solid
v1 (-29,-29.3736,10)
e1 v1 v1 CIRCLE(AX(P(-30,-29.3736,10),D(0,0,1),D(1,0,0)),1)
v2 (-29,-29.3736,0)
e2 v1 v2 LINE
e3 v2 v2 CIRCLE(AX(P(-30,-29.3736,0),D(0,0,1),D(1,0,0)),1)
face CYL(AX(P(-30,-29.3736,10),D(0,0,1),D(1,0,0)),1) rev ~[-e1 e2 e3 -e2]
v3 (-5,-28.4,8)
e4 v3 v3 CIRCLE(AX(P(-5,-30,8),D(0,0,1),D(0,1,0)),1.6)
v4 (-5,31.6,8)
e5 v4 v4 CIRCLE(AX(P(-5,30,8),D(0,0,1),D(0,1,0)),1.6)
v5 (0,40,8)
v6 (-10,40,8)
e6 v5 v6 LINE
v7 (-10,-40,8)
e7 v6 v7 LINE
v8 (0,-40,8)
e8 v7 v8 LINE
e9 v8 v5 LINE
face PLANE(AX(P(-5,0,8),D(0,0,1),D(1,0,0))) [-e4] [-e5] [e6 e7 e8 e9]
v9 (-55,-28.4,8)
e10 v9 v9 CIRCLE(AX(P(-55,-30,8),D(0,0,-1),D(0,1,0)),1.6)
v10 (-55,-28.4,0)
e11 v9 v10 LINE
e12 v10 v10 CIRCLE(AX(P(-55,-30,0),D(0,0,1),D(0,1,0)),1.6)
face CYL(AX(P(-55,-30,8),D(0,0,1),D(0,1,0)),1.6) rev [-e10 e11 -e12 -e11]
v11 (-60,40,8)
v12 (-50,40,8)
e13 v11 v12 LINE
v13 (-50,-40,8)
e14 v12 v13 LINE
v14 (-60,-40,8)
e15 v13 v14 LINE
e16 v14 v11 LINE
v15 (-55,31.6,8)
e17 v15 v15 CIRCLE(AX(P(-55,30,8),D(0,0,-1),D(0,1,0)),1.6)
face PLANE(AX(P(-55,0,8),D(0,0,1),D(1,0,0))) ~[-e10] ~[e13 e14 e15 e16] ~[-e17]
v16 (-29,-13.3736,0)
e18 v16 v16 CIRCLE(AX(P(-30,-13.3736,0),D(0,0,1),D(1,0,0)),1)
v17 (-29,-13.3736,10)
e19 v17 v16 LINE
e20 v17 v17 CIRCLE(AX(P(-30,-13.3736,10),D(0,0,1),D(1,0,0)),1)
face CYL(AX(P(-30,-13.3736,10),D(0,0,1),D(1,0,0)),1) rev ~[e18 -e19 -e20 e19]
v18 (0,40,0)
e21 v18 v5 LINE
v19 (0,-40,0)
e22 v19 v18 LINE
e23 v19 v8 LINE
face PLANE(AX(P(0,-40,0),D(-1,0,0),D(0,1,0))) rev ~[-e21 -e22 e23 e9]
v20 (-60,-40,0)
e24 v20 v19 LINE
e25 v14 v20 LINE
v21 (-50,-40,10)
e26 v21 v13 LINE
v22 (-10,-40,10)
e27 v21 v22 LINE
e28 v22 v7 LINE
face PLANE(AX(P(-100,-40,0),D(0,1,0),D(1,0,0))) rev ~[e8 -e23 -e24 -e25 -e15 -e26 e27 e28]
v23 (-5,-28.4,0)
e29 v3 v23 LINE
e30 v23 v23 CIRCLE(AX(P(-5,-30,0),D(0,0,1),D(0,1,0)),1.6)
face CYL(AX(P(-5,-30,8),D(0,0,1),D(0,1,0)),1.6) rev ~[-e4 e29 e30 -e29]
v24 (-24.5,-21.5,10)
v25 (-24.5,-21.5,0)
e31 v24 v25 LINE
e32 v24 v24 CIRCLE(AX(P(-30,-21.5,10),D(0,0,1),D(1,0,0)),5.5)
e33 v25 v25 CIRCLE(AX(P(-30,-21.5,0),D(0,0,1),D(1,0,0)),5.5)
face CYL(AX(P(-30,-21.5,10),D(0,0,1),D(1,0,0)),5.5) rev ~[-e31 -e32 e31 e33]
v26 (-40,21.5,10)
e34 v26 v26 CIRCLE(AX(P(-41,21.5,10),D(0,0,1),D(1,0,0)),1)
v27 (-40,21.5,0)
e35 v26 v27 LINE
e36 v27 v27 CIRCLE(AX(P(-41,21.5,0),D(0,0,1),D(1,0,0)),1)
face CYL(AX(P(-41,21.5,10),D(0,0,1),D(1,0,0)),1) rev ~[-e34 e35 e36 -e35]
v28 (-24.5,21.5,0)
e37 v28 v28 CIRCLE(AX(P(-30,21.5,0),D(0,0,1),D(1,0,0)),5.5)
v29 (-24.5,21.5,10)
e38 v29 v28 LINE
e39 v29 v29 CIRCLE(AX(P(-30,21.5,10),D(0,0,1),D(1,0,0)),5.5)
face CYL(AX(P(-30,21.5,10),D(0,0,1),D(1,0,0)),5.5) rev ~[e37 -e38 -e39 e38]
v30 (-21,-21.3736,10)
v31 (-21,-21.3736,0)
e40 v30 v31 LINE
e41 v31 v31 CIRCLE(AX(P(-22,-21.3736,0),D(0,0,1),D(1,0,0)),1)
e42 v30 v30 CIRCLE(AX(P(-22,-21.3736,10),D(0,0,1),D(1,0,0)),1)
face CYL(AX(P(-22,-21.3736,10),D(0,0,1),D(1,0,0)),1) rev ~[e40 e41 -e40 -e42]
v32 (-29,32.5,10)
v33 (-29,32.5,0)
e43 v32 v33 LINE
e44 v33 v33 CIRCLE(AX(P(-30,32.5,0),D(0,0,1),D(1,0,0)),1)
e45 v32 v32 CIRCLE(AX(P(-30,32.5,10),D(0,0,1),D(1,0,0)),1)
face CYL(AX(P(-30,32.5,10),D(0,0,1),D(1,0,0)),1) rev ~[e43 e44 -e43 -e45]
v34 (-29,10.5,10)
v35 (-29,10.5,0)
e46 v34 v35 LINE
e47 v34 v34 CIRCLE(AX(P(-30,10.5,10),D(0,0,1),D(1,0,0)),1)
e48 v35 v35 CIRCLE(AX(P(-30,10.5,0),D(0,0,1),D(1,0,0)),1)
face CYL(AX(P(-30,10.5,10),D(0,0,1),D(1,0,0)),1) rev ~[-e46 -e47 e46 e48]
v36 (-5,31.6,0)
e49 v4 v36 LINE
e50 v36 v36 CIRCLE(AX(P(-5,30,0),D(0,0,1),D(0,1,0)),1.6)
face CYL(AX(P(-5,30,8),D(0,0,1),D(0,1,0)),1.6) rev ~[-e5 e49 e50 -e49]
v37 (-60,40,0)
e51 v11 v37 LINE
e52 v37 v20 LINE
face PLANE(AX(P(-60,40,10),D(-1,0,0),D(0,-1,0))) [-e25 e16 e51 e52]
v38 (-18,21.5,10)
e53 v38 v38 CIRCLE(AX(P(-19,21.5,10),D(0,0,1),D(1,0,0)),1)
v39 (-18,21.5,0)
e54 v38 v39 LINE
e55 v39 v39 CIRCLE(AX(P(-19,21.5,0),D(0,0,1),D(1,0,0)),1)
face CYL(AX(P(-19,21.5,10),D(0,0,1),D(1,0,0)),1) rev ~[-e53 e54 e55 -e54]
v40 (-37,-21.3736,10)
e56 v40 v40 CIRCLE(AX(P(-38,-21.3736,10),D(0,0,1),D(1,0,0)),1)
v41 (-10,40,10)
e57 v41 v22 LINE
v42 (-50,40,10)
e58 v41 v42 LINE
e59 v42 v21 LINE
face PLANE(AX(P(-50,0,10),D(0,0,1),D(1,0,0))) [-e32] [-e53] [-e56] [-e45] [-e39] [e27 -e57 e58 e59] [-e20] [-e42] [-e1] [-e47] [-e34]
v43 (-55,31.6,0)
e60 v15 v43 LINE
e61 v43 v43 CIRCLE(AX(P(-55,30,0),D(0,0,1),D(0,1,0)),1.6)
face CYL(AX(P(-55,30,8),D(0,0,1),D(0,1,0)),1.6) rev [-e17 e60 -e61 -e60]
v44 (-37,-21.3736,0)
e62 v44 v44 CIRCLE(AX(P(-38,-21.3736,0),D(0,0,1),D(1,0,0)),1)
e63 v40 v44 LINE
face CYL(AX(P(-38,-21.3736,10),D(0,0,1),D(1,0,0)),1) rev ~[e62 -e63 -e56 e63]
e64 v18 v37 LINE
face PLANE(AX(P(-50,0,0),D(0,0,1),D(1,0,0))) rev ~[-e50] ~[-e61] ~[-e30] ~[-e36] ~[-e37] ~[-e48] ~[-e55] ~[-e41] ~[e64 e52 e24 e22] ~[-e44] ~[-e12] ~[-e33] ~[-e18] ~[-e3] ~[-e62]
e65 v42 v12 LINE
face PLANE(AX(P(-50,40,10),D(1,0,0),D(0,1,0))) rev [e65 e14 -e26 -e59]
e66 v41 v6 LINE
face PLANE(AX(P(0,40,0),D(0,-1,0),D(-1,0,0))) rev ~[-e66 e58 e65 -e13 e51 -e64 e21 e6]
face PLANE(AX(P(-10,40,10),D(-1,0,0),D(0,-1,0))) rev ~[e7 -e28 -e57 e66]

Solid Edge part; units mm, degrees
sketch "Sketch1" plane through (0, 0, 0) normal (0, 0, 1) x (1, 0, 0)
  line L0 (0, 40) -> (-100, 40)
  line L1 (-100, 40) -> (-100, -40)
  line L2 (-100, -40) -> (0, -40)
  line L3 (0, -40) -> (0, 40)
  dimension "D1" = 80
  dimension "D2" = 100
extrude "Protrusion1" add sketch "Sketch1" along normal blind 10
sketch "Sketch2" plane through (-30, 0, 10) normal (0, 0, 1) x (1, 0, 0)
  circle A0 centre (0, 21.5) radius 5.5
  circle A1 centre (0, -21.5) radius 5.5
  dimension "D1" = 43
  dimension "D2" = 11
  dimension "D3" = 11
  dimension "D4" = 30
extrude "Cutout1" cut sketch "Sketch2" against normal through all
sketch "Sketch3" plane through (-40, 0, 10) normal (0, 0, 1) x (1, 0, 0)
  circle A0 centre (10, 32.5) radius 1
  circle A1 centre (-1, 21.5) radius 1
  circle A2 centre (10, 10.5) radius 1
  circle A3 centre (21, 21.5) radius 1
  dimension "D1" = 22
extrude "Cutout2" cut sketch "Sketch3" against normal through all
sketch "Sketch4" plane through (-40, 0, 10) normal (0, 0, 1) x (1, 0, 0)
  circle A0 centre (2, -21.3736) radius 1
  circle A1 centre (10, -13.3736) radius 1
  circle A2 centre (18, -21.3736) radius 1
  circle A3 centre (10, -29.3736) radius 1
  dimension "D1" = 2
  dimension "D2" = 16
extrude "Cutout3" cut sketch "Sketch4" against normal through all
sketch "Sketch5" plane through (-40, 0, 10) normal (0, 0, 1) x (1, 0, 0)
  line L0 (40, 40) -> (30, 40)
  line L1 (30, 40) -> (30, -40)
  line L2 (30, -40) -> (40, -40)
  line L3 (40, -40) -> (40, 40)
extrude "Extrusionsausschnitt_4" cut sketch "Sketch5" against normal blind 2
sketch "Sketch6" plane through (-5, 0, 8) normal (0, 0, 1) x (0, 1, 0)
  circle A0 centre (-30, 0) radius 1.6
  circle A1 centre (30, 0) radius 1.6
  dimension "D1" = 60
  dimension "D2" = 3.2
extrude "Cutout4" cut sketch "Sketch6" against normal through all
sketch "Sketch7" plane through (-55, 0, 10) normal (0, 0, 1) x (0, -1, 0)
  line L0 (40, -45) -> (-40, -45)
  line L1 (-40, -45) -> (-40, -5)
  line L2 (-40, -5) -> (40, -5)
  line L3 (40, -5) -> (40, -45)
  dimension "D1" = 30
extrude "Cutout5" cut sketch "Sketch7" against normal through all
mirror "Mirror1" about plane through (-30, 0, 0) normal (1, 0, 0) of "Cutout4", "Extrusionsausschnitt_4"
properties material "Nylon, allgemein"
